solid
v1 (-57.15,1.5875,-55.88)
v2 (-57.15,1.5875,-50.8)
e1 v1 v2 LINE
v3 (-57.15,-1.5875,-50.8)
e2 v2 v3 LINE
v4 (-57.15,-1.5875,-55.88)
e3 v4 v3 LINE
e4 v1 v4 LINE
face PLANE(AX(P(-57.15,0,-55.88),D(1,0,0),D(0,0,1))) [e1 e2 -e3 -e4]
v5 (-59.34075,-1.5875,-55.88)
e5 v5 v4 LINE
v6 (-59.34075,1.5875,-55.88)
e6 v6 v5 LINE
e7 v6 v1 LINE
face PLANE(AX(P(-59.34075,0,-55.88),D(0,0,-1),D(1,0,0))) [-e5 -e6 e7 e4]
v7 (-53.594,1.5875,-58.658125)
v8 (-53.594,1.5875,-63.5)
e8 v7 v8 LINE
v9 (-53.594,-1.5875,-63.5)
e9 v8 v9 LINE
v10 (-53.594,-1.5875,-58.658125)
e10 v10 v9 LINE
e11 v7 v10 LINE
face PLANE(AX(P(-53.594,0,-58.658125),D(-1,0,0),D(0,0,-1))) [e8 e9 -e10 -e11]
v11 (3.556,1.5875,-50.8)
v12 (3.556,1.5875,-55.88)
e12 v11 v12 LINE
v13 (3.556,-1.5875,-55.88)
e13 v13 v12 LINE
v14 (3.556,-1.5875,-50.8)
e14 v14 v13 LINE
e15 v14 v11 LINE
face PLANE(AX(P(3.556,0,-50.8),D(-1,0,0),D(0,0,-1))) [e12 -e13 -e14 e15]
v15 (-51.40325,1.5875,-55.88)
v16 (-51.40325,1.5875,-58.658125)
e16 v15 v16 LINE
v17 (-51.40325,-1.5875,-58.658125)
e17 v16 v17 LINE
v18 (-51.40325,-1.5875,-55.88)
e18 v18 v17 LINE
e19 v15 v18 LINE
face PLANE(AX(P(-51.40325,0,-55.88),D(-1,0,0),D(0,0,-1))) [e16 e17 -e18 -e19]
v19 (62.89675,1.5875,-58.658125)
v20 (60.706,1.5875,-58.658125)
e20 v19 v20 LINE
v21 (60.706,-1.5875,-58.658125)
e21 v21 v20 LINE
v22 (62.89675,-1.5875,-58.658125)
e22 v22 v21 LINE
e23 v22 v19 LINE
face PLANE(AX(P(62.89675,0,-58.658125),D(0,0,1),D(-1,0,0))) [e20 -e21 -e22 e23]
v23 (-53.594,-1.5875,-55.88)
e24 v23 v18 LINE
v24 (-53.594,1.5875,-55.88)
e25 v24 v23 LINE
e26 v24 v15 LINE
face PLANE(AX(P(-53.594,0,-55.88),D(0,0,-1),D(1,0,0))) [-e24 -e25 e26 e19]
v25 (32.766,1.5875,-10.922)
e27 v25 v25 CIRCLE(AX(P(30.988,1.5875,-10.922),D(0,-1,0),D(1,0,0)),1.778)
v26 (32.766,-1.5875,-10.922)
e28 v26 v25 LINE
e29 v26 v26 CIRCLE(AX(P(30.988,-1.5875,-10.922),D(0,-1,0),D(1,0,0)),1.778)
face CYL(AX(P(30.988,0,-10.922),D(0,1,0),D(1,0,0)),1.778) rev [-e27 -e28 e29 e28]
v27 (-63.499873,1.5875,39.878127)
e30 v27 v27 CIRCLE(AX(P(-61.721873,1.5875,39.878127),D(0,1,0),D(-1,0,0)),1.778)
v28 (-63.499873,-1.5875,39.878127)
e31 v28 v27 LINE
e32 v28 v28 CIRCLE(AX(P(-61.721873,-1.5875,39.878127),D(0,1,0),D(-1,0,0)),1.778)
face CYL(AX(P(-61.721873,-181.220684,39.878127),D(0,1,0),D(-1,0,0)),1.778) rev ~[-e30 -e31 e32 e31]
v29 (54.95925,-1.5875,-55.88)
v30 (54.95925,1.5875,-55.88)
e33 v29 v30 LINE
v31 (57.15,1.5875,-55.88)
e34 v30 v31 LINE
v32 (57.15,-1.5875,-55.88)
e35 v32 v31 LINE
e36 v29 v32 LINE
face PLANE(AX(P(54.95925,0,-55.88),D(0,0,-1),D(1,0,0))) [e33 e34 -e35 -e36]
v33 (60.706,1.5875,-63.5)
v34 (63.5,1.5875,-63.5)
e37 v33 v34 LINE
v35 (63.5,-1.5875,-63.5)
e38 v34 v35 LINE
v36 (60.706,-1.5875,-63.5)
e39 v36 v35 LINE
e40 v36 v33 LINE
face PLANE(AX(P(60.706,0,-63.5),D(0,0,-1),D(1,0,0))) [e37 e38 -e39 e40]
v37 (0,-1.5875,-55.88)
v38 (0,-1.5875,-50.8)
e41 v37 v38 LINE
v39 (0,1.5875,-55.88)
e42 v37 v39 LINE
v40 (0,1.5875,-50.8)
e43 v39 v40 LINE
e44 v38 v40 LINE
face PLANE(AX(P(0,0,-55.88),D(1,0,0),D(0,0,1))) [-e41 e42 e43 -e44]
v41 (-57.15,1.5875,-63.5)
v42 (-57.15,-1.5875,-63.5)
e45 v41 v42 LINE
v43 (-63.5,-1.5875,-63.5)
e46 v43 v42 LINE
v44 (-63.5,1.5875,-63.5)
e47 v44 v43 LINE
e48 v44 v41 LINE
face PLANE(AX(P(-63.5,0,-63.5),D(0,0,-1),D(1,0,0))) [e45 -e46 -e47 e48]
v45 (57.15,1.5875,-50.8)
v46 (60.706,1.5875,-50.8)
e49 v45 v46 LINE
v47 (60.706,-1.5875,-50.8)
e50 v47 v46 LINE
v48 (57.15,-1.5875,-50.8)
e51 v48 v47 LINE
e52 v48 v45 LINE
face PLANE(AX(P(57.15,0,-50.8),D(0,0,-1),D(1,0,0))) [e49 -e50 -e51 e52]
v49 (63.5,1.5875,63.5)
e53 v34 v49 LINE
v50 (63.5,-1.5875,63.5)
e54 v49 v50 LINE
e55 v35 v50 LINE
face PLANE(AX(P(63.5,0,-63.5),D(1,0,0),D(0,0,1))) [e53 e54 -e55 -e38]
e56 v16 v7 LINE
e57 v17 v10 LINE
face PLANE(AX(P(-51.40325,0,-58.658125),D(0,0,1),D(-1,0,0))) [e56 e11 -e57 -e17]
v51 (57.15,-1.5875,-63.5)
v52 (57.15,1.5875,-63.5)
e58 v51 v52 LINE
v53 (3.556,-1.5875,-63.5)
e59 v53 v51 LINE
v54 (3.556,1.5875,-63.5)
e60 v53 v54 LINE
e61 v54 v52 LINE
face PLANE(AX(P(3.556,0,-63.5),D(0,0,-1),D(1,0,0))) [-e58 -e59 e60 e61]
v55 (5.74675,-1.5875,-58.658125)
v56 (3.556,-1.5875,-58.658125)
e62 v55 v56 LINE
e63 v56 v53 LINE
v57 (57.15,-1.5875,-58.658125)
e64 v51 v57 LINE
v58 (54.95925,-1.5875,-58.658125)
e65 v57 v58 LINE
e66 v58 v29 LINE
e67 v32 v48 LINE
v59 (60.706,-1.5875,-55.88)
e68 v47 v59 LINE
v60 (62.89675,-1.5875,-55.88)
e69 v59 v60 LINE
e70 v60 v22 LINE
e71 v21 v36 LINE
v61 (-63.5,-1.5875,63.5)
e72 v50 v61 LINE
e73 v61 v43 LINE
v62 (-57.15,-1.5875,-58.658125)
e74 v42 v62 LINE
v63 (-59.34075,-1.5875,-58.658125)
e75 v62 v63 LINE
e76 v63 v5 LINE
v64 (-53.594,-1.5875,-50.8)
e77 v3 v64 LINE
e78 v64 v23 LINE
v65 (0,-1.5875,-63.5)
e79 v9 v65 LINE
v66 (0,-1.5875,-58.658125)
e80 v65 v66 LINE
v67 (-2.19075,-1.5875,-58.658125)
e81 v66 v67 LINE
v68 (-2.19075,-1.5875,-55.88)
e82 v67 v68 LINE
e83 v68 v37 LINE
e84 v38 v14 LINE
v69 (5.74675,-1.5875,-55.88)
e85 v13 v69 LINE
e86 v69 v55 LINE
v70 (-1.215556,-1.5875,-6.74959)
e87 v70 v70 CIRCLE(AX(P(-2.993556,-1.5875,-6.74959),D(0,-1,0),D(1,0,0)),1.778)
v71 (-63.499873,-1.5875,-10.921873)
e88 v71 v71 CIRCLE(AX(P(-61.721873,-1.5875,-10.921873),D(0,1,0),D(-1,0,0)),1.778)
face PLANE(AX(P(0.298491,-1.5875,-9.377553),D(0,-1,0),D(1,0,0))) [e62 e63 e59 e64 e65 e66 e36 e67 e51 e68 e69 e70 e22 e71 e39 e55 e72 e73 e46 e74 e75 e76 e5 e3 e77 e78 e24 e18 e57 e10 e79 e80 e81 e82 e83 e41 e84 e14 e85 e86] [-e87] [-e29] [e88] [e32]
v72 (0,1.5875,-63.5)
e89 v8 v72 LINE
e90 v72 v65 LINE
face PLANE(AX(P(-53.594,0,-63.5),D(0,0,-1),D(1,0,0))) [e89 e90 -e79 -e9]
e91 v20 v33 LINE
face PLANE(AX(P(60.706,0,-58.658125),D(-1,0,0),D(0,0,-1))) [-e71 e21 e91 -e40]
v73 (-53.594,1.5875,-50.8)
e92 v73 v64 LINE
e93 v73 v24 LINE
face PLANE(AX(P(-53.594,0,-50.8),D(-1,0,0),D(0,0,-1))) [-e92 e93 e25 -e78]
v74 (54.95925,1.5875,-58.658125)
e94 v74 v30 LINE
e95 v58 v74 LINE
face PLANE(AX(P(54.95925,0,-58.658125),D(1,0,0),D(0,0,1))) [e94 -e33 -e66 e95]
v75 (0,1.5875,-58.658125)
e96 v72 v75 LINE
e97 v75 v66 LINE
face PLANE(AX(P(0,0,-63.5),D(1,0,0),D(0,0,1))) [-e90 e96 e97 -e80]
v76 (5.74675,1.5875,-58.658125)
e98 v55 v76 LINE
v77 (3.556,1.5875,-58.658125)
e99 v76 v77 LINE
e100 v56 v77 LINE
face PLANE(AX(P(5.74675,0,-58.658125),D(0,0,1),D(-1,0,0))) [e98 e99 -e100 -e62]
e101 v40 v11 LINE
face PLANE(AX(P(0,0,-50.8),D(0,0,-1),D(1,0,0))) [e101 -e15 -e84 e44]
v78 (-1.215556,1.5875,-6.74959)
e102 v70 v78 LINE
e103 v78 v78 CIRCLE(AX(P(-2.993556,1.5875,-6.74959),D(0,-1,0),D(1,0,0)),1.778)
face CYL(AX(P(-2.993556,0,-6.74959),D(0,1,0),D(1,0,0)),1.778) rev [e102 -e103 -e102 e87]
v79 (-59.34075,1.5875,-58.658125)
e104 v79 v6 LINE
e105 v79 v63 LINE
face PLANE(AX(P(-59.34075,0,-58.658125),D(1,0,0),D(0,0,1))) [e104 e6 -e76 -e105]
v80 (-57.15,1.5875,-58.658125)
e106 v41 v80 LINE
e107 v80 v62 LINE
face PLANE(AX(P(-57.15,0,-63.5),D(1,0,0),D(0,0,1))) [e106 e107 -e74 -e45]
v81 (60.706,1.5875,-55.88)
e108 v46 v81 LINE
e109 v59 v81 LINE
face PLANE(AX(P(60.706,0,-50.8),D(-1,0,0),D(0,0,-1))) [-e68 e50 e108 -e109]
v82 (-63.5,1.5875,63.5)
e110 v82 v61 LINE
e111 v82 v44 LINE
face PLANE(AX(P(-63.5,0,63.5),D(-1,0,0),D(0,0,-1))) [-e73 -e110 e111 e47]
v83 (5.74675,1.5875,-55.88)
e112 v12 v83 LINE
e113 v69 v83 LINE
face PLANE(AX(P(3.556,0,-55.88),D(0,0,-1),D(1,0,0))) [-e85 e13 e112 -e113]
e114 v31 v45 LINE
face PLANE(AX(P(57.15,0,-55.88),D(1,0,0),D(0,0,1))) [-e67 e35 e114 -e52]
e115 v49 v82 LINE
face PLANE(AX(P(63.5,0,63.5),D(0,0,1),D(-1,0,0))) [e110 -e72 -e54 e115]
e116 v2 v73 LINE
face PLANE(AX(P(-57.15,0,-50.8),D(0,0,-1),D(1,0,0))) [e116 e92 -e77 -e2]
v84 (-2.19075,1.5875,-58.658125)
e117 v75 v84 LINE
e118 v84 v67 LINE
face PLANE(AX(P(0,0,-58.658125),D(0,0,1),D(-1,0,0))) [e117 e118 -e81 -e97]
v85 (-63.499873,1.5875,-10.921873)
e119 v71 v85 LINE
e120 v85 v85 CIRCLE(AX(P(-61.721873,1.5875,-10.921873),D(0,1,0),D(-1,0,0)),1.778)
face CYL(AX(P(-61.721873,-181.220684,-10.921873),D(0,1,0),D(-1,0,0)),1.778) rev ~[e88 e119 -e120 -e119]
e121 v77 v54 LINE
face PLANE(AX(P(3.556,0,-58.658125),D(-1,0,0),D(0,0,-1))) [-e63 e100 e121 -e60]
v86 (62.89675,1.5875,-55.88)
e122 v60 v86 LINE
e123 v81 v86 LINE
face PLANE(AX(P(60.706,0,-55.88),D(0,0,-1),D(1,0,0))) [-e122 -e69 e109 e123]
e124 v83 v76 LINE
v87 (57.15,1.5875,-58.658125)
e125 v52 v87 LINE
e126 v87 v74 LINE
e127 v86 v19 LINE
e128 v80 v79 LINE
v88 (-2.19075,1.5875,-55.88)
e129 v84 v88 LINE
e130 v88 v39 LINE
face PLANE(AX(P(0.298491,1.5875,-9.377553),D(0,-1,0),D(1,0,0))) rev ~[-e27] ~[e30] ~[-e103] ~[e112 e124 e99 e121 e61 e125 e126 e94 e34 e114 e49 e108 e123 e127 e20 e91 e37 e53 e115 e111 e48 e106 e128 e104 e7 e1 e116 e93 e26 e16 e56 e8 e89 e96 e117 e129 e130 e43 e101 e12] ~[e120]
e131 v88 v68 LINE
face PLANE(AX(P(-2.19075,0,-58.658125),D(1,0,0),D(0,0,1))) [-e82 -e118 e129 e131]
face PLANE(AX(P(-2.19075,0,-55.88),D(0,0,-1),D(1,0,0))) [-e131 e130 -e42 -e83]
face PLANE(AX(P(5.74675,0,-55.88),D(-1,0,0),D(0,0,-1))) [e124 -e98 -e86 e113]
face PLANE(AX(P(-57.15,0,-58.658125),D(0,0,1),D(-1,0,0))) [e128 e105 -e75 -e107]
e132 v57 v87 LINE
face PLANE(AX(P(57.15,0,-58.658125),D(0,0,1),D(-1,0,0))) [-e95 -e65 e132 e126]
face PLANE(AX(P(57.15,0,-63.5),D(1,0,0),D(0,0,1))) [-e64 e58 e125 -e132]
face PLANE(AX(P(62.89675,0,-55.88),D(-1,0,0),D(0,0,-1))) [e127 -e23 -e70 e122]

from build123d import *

# Parameters (mm, degrees)
F0_R     = 1.778
F1_DEPTH = 1.5875
F3_D     = 3.556


with BuildPart() as f1:
    # F0 (on Front) → F1 (new body, symmetric)
    with BuildSketch(Plane.XZ):
        Polygon((60.706, -63.5), (63.5, -63.5), (63.5, 63.5), (-63.5, 63.5), (-63.5, -63.5), (-57.15, -63.5), (-57.15, -58.658125), (-59.34075, -58.658125), (-59.34075, -55.88), (-57.15, -55.88), (-57.15, -50.8), (-53.594, -50.8), (-53.594, -55.88), (-51.40325, -55.88), (-51.40325, -58.658125), (-53.594, -58.658125), (-53.594, -63.5), (0, -63.5), (0, -58.658125), (-2.19075, -58.658125), (-2.19075, -55.88), (0, -55.88), (0, -50.8), (3.556, -50.8), (3.556, -55.88), (5.74675, -55.88), (5.74675, -58.658125), (3.556, -58.658125), (3.556, -63.5), (57.15, -63.5), (57.15, -58.658125), (54.95925, -58.658125), (54.95925, -55.88), (57.15, -55.88), (57.15, -50.8), (60.706, -50.8), (60.706, -55.88), (62.89675, -55.88), (62.89675, -58.658125), (60.706, -58.658125), align=None)
        with Locations((-2.993556, -6.74959)):
            Circle(F0_R, mode=Mode.SUBTRACT)
        with Locations((30.988, -10.922)):
            Circle(F0_R, mode=Mode.SUBTRACT)
    extrude(amount=F1_DEPTH, both=True)

    # F3 (through all)
    with Locations(Plane.XZ.offset(1.5875)):
        with Locations((-61.721873, 39.878127), (-61.721873, -10.921873)):
            Hole(F3_D / 2)


solid = f1.part
